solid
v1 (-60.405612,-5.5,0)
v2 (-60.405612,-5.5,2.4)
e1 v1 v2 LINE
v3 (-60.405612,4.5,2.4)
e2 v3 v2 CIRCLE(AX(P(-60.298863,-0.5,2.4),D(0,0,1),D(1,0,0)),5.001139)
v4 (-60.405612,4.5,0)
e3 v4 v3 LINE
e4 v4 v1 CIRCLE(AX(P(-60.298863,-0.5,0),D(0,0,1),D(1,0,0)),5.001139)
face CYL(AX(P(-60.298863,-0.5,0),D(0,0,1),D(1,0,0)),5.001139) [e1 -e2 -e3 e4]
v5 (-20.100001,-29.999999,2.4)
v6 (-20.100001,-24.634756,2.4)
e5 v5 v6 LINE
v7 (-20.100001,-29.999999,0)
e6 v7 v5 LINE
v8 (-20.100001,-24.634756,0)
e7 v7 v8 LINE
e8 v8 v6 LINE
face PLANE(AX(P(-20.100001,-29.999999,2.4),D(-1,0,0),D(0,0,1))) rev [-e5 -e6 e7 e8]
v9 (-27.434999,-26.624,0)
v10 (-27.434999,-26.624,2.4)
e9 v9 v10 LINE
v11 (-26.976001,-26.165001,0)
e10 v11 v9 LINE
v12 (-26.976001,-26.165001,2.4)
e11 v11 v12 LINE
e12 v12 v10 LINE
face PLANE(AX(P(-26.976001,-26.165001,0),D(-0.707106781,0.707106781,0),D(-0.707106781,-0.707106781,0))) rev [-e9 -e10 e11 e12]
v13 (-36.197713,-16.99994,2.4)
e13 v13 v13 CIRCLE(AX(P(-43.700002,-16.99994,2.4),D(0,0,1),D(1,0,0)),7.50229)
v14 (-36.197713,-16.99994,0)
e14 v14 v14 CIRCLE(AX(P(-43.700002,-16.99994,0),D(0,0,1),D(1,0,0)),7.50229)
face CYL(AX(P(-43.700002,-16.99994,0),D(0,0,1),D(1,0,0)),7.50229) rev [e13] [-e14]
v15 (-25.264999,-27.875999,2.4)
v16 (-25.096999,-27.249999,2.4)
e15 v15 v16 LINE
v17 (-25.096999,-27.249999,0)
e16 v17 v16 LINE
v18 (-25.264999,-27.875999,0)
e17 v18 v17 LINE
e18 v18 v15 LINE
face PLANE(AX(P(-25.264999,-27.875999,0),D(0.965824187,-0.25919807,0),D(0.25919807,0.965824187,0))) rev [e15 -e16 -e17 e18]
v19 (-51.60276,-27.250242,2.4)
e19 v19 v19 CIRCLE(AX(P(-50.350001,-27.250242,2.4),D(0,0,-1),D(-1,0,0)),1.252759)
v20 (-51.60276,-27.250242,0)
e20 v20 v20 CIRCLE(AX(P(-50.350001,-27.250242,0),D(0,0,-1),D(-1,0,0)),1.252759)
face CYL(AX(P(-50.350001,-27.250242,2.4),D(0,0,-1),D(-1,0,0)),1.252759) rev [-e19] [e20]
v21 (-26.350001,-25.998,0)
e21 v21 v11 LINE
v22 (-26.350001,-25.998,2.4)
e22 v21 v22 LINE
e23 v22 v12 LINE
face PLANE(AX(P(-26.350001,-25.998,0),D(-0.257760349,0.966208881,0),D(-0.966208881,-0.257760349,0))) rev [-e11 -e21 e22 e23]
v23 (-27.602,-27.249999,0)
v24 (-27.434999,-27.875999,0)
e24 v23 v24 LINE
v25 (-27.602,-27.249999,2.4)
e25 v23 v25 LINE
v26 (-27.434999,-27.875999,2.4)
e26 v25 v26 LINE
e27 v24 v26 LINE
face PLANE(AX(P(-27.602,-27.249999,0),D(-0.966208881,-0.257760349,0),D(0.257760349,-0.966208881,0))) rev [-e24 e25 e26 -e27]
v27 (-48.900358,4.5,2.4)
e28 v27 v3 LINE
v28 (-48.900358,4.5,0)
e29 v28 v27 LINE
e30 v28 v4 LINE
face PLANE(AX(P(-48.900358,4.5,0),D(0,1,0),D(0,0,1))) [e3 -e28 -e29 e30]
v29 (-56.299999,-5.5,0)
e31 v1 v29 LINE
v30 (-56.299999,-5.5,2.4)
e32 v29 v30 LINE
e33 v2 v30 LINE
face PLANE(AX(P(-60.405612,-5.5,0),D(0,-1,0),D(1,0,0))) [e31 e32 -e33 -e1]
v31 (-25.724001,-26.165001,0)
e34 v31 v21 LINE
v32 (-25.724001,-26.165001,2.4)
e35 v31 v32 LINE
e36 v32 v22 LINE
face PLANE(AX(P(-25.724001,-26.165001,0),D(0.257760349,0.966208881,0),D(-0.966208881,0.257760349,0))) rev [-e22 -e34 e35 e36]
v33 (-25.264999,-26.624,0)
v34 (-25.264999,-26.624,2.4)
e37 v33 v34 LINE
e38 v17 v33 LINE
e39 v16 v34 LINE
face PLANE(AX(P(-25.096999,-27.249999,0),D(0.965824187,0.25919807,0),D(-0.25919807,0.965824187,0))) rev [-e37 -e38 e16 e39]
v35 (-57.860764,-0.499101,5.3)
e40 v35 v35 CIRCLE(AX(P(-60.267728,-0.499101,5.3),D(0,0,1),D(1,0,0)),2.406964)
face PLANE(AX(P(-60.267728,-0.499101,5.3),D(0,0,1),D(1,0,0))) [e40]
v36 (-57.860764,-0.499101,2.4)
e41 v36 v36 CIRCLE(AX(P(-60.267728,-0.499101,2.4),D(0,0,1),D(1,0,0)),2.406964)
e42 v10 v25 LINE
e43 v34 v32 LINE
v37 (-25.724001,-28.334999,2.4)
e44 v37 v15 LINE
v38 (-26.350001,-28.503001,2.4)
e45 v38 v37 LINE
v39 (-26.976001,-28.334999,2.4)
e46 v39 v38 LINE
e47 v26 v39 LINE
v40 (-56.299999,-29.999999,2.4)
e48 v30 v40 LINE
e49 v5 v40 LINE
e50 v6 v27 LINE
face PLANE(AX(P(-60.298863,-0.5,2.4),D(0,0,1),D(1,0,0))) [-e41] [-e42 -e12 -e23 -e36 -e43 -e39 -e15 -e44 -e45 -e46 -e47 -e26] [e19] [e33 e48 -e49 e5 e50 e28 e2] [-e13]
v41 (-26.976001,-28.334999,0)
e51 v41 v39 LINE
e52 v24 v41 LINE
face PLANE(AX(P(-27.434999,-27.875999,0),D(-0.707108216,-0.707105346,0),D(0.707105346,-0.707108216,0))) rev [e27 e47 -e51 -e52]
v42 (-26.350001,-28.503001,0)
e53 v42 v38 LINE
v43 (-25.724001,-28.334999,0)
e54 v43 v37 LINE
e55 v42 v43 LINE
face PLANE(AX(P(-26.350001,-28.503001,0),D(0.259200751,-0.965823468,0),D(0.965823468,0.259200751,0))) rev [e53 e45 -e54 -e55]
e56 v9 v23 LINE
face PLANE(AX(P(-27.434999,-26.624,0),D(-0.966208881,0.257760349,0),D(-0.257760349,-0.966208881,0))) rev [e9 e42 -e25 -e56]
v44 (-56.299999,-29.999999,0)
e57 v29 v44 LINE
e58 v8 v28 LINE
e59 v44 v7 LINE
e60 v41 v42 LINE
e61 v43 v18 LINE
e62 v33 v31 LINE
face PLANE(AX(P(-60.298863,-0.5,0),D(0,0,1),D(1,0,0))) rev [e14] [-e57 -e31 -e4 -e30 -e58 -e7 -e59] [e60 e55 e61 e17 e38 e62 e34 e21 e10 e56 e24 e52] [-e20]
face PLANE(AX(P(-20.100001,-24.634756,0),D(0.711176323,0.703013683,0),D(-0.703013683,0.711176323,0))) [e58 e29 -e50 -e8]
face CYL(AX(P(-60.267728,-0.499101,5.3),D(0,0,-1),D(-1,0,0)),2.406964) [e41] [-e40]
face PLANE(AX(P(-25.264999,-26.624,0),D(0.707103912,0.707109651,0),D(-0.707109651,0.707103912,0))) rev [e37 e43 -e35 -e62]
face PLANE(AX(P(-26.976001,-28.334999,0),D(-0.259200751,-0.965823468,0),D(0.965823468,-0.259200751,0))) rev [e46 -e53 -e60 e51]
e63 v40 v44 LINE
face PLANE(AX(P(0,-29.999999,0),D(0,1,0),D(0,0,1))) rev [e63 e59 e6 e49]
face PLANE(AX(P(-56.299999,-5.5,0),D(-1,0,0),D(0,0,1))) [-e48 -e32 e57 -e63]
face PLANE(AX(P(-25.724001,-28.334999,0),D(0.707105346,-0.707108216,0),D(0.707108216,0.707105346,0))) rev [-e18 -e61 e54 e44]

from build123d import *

# Parameters (mm, degrees)
BOSS_EXTRU_1_DEPTH      = 2.400000114
ESQUISSE9_W             = 36.19999811
ESQUISSE9_H             = 2.400000114
BOSS_EXTRU_2_DEPTH      = 5.365243182
ESQUISSE14_R            = 7.502289609
ENL_V_MAT_EXTRU_1_DEPTH = 72.901671136
ENL_V_MAT_EXTRU_2_DEPTH = 72.901671136
ESQUISSE25_R            = 1.252758793
ENL_V_MAT_EXTRU_3_DEPTH = 72.901671136
ESQUISSE28_R            = 2.406964412
BOSS_EXTRU_3_DEPTH      = 2.9


with BuildPart() as part:
    # Esquisse4 → Boss.-Extru.1 (new body)
    with BuildSketch(Plane.XY.offset(2.400000114)):
        with BuildLine():
            Line((-20.100001246, -24.634756148), (-48.900358379, 4.499999806))
            Line((-48.900358379, 4.499999806), (-60.405611992, 4.499999806))
            ThreePointArc((-60.405611992, 4.499999806), (-65.300002694, -0.500000082), (-60.405611992, -5.49999997))
            Line((-60.405611992, -5.49999997), (-56.299999356, -5.49999997))
            Line((-56.299999356, -5.49999997), (-56.299999356, -24.634756148))
            Line((-56.299999356, -24.634756148), (-20.100001246, -24.634756148))
        make_face()
    extrude(amount=-BOSS_EXTRU_1_DEPTH)

    # Esquisse9 → Boss.-Extru.2 (add)
    with BuildSketch(Plane(origin=(0, -24.634756148, 0), x_dir=(-1, 0, 0), z_dir=(0, -1, 0))):
        with Locations((38.200000301, -1.200000057)):
            Rectangle(ESQUISSE9_W, ESQUISSE9_H)
    extrude(amount=BOSS_EXTRU_2_DEPTH)

    # Esquisse14 → Enlèv. mat.-Extru.1 (cut, through all)
    with BuildSketch(Plane.XY.offset(2.400000114)):
        with Locations((-43.700002134, -16.999939794)):
            Circle(ESQUISSE14_R)
    extrude(amount=-ENL_V_MAT_EXTRU_1_DEPTH, mode=Mode.SUBTRACT)

    # Esquisse19 → Enlèv. mat.-Extru.2 (cut, through all)
    with BuildSketch(Plane.XY.offset(2.400000114)):
        Polygon((-26.350000873, -28.503000736), (-25.724001229, -28.334999457), (-25.264998898, -27.875998989), (-25.096999481, -27.249999344), (-25.264998898, -26.6239997), (-25.724001229, -26.165001094), (-26.350000873, -25.998000056), (-26.976000518, -26.165001094), (-27.434999123, -26.6239997), (-27.602000162, -27.249999344), (-27.434999123, -27.875998989), (-26.976000518, -28.334999457), align=None)
    extrude(amount=-ENL_V_MAT_EXTRU_2_DEPTH, mode=Mode.SUBTRACT)

    # Esquisse25 → Enlèv. mat.-Extru.3 (cut, through all)
    with BuildSketch(Plane(origin=(0, 0, 0), x_dir=(-1, 0, 0), z_dir=(0, 0, -1))):
        with Locations((50.350001082, -27.250241944)):
            Circle(ESQUISSE25_R)
    extrude(amount=-ENL_V_MAT_EXTRU_3_DEPTH, mode=Mode.SUBTRACT)

    # Esquisse28 → Boss.-Extru.3 (add)
    with BuildSketch(Plane.XY.offset(2.400000114)):
        with Locations((-60.267728087, -0.4991006)):
            Circle(ESQUISSE28_R)
    extrude(amount=BOSS_EXTRU_3_DEPTH)


solid = part.part
